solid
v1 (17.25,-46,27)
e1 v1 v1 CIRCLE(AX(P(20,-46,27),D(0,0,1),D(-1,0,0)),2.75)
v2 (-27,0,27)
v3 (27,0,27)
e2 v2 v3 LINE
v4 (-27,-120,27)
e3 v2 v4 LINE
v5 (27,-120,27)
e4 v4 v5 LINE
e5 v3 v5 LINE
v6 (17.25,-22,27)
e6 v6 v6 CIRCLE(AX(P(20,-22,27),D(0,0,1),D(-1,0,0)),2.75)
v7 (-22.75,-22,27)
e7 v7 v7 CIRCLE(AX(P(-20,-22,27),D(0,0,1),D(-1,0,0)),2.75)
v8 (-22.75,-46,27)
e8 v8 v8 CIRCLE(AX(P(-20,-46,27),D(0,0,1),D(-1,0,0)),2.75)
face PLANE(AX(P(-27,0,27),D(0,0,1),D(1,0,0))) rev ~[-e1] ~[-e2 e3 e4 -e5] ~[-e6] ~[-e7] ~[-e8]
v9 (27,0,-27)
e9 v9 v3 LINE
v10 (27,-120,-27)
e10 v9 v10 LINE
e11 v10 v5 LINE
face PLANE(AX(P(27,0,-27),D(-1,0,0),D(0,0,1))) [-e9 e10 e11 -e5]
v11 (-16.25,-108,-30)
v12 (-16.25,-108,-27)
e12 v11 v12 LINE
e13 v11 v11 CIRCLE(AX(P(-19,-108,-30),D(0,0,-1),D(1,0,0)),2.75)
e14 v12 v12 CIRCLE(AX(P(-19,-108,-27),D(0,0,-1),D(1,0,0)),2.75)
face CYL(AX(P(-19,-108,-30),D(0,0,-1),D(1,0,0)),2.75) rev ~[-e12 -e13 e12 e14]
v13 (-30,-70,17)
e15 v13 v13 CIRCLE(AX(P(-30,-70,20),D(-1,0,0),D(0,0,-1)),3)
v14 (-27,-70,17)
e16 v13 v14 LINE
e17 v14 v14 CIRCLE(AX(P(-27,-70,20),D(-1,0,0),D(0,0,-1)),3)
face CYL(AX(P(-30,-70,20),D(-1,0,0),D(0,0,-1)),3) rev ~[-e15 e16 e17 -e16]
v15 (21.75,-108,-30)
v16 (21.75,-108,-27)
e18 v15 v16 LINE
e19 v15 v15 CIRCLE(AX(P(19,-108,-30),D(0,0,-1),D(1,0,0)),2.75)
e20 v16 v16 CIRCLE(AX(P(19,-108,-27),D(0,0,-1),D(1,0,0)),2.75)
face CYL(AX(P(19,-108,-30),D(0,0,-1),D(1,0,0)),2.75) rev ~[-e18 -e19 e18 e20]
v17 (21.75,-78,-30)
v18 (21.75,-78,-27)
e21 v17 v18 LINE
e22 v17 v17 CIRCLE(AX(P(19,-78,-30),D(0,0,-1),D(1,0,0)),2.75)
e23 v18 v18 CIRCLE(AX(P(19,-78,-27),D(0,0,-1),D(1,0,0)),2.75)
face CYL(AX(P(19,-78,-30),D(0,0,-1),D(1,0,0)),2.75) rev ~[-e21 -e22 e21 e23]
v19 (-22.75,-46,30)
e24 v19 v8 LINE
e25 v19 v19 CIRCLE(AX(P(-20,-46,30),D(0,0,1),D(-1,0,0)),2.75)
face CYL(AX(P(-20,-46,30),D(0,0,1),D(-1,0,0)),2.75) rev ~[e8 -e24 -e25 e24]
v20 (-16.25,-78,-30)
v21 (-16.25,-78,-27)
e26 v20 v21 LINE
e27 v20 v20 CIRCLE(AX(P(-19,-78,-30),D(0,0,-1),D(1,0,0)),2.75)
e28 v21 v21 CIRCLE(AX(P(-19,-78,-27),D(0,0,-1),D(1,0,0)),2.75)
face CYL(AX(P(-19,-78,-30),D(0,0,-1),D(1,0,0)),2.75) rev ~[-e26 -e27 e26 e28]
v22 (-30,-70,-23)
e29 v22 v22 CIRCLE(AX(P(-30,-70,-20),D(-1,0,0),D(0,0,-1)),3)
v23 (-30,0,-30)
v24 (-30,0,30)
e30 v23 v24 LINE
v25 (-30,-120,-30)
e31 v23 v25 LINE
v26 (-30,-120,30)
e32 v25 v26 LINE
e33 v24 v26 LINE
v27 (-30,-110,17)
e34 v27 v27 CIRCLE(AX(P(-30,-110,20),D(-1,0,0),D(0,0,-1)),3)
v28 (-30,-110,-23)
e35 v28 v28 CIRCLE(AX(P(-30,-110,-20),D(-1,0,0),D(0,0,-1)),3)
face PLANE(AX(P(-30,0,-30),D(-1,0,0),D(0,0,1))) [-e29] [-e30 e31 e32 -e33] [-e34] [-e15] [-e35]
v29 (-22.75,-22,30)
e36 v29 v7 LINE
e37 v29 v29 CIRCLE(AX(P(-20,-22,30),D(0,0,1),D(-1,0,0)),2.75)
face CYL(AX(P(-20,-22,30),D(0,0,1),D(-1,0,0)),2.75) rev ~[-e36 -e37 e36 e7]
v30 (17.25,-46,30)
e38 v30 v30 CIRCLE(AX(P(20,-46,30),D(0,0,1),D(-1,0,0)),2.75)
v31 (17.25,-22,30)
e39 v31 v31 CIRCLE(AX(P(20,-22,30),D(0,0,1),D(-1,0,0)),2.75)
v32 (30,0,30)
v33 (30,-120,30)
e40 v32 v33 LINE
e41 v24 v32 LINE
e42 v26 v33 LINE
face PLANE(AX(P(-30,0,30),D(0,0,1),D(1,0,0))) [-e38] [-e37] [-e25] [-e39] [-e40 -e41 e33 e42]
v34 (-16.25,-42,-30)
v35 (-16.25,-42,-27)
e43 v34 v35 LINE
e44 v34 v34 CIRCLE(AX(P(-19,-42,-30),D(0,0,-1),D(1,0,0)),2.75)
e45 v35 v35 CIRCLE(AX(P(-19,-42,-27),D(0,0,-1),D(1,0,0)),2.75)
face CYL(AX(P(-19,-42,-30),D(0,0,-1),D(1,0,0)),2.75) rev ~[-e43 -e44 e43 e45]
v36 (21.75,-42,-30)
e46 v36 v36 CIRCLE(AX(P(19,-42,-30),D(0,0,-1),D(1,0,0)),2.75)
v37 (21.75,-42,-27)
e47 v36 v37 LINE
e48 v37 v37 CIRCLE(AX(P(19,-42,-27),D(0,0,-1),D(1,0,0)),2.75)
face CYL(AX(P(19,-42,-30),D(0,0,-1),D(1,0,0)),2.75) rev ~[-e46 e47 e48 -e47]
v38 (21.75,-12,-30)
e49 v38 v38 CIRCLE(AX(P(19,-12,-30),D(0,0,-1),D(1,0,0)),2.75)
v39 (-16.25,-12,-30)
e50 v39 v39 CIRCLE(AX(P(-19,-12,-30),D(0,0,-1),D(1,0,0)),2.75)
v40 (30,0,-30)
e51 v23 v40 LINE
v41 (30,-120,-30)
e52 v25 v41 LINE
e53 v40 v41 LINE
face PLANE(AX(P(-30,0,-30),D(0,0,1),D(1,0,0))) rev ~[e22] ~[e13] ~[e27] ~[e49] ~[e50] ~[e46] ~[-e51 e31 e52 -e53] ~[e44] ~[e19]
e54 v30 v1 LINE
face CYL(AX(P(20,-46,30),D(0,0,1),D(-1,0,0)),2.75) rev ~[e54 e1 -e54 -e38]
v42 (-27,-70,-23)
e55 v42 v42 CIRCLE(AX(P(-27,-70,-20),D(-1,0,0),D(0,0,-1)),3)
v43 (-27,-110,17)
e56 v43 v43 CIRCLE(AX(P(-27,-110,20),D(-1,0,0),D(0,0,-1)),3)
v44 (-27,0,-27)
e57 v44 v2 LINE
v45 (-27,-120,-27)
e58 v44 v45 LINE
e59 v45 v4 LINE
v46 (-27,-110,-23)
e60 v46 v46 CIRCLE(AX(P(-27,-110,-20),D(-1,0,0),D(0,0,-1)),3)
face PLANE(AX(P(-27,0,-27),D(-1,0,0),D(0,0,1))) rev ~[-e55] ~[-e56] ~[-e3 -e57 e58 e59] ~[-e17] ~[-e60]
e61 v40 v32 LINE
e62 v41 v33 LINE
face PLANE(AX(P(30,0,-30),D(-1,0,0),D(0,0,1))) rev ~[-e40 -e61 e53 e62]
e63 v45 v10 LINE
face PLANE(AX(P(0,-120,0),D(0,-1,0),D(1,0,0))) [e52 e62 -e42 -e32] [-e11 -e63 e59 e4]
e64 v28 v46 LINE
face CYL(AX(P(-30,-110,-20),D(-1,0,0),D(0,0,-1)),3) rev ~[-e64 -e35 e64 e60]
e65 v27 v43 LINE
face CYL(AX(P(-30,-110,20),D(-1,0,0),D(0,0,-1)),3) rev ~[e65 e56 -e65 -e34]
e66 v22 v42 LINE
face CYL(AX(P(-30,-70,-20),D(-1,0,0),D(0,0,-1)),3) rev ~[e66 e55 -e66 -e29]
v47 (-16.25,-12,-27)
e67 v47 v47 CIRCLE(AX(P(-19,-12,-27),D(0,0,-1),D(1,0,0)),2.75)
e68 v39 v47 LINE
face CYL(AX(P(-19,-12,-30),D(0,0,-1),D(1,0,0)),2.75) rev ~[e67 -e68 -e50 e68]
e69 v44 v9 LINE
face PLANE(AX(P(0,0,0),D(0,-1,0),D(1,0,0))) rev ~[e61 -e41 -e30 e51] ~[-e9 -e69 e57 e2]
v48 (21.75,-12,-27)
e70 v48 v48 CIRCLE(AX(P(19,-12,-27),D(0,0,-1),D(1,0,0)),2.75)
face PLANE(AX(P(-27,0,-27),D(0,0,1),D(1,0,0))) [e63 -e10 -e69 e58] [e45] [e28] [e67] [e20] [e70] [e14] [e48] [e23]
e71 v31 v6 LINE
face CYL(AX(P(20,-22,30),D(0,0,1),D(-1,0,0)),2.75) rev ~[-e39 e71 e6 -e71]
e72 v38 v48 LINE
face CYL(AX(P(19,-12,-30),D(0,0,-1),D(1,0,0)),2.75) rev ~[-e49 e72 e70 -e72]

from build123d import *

# Parameters (mm, degrees)
SKETCH_W        = 60
SKETCH_H        = 60
SKETCH_W_2      = 54
SKETCH_H_2      = 54
PAD_DEPTH       = 120
SKETCH001_R     = 2.75
POCKET_DEPTH    = 3
SKETCH002_R     = 2.75
POCKET001_DEPTH = 3
SKETCH003_R     = 3
POCKET002_DEPTH = 3


with BuildPart() as part:
    # Sketch → Pad (new body)
    with BuildSketch(Plane.XZ):
        Rectangle(SKETCH_W, SKETCH_H)
        Rectangle(SKETCH_W_2, SKETCH_H_2, mode=Mode.SUBTRACT)
    extrude(amount=PAD_DEPTH)

    # Sketch001 (on Face3 of Pad) → Pocket (cut)
    with BuildSketch(Plane(origin=(0, 0, -30), x_dir=(1, 0, 0), z_dir=(0, 0, -1))):
        with Locations((-19, 108)):
            Circle(SKETCH001_R)
        with Locations((-19, 78)):
            Circle(SKETCH001_R)
        with Locations((19, 108)):
            Circle(SKETCH001_R)
        with Locations((19, 78)):
            Circle(SKETCH001_R)
        with Locations((-19, 42)):
            Circle(SKETCH001_R)
        with Locations((-19, 12)):
            Circle(SKETCH001_R)
        with Locations((19, 42)):
            Circle(SKETCH001_R)
        with Locations((19, 12)):
            Circle(SKETCH001_R)
    extrude(amount=-POCKET_DEPTH, mode=Mode.SUBTRACT)

    # Sketch002 (on Face1 of Pocket) → Pocket001 (cut)
    with BuildSketch(Plane(origin=(0, 0, 30), x_dir=(-1, 0, 0), z_dir=(0, 0, 1))):
        with Locations((-20, 46)):
            Circle(SKETCH002_R)
        with Locations((-20, 22)):
            Circle(SKETCH002_R)
        with Locations((20, 46)):
            Circle(SKETCH002_R)
        with Locations((20, 22)):
            Circle(SKETCH002_R)
    extrude(amount=-POCKET001_DEPTH, mode=Mode.SUBTRACT)

    # Sketch003 (on Face2 of Pocket001) → Pocket002 (cut)
    with BuildSketch(Plane(origin=(-30, 0, 0), x_dir=(0, 0, -1), z_dir=(-1, 0, 0))):
        with Locations((-20, 110)):
            Circle(SKETCH003_R)
        with Locations((20, 110)):
            Circle(SKETCH003_R)
        with Locations((-20, 70)):
            Circle(SKETCH003_R)
        with Locations((20, 70)):
            Circle(SKETCH003_R)
    extrude(amount=-POCKET002_DEPTH, mode=Mode.SUBTRACT)


solid = part.part
